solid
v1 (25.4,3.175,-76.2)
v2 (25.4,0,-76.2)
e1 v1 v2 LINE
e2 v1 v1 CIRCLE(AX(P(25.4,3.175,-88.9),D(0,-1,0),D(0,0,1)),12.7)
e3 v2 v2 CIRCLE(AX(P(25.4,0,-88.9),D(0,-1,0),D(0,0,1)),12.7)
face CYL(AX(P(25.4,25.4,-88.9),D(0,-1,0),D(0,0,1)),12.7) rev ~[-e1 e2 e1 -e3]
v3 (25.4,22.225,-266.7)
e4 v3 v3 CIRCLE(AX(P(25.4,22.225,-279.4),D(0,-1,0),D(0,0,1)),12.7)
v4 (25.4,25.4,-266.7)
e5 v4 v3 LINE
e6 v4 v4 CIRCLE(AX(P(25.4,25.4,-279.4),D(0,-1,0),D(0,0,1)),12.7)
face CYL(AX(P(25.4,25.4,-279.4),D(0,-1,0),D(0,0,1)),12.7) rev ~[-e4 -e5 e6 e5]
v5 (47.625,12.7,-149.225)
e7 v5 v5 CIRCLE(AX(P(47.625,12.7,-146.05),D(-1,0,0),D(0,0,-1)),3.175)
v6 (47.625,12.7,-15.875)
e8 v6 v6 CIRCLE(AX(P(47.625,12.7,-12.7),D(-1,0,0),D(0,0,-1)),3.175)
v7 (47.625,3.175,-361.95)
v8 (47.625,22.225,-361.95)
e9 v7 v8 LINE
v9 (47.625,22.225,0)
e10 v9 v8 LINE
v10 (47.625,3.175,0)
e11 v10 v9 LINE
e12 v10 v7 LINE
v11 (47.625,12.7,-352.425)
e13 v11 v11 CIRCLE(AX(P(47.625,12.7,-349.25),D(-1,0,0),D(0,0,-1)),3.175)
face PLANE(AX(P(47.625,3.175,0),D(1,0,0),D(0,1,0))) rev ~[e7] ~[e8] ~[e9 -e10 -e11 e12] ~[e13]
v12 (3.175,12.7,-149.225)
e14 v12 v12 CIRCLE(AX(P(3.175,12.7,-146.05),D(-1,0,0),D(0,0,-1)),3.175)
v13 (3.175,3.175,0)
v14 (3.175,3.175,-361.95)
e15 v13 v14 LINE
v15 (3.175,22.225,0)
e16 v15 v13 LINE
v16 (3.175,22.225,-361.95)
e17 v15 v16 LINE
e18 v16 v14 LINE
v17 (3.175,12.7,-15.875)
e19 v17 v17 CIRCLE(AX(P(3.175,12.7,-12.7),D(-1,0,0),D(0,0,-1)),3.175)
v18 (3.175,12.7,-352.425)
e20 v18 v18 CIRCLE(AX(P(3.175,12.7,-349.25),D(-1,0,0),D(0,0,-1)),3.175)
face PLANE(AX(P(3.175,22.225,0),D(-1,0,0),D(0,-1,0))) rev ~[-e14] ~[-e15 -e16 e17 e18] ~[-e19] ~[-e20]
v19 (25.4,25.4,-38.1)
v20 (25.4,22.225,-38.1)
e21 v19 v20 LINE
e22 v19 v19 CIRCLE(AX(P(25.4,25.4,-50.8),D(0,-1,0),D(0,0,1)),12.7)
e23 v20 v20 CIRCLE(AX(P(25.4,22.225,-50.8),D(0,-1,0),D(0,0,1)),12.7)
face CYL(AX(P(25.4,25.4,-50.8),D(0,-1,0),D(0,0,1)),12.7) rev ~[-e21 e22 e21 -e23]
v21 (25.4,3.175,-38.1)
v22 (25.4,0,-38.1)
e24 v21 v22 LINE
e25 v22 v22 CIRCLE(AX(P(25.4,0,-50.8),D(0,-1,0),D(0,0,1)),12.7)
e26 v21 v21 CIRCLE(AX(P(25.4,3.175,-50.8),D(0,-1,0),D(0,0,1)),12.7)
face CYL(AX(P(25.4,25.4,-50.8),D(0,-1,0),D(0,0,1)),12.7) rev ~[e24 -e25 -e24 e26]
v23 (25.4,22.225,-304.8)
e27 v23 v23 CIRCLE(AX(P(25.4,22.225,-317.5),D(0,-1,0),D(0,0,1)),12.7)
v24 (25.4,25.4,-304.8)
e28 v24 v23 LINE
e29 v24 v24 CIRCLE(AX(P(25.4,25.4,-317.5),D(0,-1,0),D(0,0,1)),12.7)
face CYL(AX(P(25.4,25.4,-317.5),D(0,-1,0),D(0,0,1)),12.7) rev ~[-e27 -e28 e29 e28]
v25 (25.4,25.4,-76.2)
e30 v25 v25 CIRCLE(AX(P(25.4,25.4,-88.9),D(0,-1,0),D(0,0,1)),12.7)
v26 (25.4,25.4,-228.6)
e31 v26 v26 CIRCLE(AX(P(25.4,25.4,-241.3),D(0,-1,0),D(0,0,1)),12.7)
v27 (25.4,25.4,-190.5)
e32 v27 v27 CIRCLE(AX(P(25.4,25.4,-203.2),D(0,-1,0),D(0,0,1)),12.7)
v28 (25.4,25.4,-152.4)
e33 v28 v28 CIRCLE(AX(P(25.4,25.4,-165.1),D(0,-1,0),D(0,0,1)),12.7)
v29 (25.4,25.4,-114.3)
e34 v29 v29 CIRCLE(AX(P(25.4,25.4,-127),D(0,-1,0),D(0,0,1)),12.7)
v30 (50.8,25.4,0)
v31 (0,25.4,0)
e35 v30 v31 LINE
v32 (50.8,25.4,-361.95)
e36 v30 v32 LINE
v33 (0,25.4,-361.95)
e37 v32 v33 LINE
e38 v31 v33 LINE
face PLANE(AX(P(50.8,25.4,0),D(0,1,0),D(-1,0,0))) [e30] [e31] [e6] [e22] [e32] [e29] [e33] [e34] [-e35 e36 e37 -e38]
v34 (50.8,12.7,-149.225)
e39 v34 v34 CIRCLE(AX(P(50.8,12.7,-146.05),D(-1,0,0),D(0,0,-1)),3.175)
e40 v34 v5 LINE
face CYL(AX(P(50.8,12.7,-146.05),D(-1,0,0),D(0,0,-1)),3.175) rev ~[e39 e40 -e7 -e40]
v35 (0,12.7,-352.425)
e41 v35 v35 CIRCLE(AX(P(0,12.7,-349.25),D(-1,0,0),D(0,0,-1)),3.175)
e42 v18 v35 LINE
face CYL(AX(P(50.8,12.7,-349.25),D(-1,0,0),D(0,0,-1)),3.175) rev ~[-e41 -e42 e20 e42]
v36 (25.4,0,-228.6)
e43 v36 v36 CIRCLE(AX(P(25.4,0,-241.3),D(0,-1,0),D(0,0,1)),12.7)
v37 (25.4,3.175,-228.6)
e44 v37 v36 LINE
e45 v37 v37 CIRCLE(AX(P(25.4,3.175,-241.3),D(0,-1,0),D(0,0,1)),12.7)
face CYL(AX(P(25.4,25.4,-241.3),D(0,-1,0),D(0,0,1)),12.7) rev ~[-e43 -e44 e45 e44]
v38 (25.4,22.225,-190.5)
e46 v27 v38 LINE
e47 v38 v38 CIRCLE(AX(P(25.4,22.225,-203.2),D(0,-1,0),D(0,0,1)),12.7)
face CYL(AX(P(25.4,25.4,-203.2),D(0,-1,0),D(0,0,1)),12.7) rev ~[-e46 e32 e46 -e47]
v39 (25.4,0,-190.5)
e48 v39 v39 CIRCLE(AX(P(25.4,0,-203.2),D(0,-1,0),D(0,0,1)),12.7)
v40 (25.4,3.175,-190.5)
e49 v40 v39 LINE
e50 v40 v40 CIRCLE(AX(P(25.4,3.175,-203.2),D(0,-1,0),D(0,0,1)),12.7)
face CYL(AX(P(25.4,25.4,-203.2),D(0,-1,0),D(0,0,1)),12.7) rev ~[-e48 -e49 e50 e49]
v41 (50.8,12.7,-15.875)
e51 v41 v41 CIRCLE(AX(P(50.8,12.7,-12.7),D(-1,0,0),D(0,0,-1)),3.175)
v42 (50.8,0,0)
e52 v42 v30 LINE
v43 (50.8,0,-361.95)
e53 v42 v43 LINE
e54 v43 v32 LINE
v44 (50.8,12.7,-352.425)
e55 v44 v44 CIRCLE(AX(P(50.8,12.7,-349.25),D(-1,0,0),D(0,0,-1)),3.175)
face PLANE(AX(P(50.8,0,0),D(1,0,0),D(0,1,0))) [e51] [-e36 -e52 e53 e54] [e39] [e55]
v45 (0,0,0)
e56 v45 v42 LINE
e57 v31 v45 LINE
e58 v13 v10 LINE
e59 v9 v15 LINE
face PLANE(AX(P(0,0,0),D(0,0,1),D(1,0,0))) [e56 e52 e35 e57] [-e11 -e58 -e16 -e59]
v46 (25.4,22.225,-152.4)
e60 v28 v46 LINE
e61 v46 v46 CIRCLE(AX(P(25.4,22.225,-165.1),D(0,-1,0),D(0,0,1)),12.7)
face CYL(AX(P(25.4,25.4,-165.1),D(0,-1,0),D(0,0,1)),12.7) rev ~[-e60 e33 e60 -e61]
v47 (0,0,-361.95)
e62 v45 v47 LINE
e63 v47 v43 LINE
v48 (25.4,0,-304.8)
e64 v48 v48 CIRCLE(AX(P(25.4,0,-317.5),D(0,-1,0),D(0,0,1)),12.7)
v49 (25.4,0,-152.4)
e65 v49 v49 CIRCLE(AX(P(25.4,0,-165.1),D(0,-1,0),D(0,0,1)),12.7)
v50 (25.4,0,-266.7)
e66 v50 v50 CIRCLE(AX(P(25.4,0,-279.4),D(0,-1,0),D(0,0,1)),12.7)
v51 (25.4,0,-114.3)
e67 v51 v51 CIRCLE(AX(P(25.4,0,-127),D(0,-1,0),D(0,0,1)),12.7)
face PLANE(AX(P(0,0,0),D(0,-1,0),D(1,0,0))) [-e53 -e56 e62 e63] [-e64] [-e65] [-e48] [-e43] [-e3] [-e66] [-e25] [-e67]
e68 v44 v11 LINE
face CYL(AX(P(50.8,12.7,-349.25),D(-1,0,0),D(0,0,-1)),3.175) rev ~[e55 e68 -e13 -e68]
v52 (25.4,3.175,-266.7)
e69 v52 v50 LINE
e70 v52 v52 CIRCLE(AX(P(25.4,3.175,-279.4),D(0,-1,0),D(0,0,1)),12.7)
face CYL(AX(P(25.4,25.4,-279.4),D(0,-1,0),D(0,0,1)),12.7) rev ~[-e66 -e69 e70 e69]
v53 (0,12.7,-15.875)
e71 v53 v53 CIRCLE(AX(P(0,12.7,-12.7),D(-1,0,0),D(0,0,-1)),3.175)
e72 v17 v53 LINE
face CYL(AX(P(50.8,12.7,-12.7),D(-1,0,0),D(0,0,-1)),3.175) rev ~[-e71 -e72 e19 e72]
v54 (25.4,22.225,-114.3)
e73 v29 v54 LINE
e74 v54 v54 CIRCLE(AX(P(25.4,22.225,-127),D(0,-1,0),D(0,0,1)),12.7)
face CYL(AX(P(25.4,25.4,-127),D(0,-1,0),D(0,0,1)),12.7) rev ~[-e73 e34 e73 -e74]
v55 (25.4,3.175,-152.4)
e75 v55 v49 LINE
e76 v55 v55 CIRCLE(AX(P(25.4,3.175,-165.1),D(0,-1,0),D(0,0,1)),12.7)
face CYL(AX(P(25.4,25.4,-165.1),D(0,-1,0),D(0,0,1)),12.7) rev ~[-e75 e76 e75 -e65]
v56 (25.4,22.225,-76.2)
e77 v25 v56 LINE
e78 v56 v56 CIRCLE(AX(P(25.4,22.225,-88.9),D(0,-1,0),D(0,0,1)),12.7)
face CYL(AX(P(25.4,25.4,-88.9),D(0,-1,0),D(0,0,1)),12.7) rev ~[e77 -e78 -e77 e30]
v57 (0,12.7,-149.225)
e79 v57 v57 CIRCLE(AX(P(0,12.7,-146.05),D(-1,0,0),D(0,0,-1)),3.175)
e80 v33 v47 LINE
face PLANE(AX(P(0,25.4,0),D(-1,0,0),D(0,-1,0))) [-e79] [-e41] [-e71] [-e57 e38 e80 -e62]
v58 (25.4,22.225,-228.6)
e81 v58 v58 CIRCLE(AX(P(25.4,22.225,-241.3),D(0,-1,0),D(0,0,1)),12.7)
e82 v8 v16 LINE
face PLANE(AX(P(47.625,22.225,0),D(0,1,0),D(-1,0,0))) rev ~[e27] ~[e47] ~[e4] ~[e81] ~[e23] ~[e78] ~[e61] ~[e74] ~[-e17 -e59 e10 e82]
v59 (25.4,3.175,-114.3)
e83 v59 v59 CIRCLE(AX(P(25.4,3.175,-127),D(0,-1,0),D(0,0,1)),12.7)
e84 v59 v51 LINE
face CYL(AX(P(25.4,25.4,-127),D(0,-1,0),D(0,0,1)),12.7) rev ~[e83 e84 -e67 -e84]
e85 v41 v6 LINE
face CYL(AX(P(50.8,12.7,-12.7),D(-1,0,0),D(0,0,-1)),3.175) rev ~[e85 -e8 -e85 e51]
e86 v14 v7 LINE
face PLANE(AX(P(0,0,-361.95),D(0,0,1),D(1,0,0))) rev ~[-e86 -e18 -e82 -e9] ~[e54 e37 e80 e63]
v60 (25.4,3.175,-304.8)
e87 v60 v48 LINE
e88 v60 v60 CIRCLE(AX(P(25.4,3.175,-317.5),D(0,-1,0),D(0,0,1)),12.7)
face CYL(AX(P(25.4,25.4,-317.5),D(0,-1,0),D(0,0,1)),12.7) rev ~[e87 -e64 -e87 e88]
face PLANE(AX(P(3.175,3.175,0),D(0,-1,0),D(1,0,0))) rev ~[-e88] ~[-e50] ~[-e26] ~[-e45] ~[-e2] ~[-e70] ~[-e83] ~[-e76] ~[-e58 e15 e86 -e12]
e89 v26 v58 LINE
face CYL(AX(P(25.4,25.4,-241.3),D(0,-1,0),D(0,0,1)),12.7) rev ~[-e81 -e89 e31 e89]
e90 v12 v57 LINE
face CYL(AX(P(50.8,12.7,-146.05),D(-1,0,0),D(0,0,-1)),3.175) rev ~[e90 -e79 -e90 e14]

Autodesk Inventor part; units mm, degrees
ref_plane "YZ Plane" through (0, 0, 0) normal (1, 0, 0) x (0, 1, 0)
ref_plane "XZ Plane" through (0, 0, 0) normal (0, 1, 0) x (-1, 0, 0)
ref_plane "XY Plane" through (0, 0, 0) normal (0, 0, 1) x (1, 0, 0)
sketch "Sketch1" plane through (0, 0, 0) normal (0, 0, 1) x (1, 0, 0)
  line L0 (0, 0) -> (50.8, 0)
  line L1 (50.8, 0) -> (50.8, 25.4)
  line L2 (50.8, 25.4) -> (0, 25.4)
  line L3 (0, 25.4) -> (0, 0)
  line L4 (3.175, 3.175) -> (47.625, 3.175)
  line L5 (47.625, 3.175) -> (47.625, 22.225)
  line L6 (47.625, 22.225) -> (3.175, 22.225)
  line L7 (3.175, 22.225) -> (3.175, 3.175)
  dimension "d0" = 50.8
  dimension "d1" = 25.4
  dimension "d2" = 44.45
  dimension "d3" = 19.05
  dimension "d4" = 3.175
  dimension "d5" = 3.175
extrude "Extrusion1" add sketch "Sketch1" against normal blind 361.95
sketch "Sketch2" plane through (50.8, 0, 0) normal (1, 0, 0) x (0, 0, -1)
  line L0 (0, 0) -> (0, 25.4) projected
  line L1 (0, 0) -> (361.95, 0) projected
  line L2 (361.95, 25.4) -> (361.95, 0) projected
  line L3 (0, 25.4) -> (361.95, 25.4) projected
  point P0 (146.05, 12.7)
  point P1 (349.25, 12.7)
  dimension "d8" = 12.7
  dimension "d9" = 12.7
  dimension "d10" = 215.9
  dimension "d11" = 12.7
hole "Hole1" at (50.8, 12.7, -146.05) at (50.8, 12.7, -349.25) direction (-1, 0, 0) diameter 6.35 end through all
sketch "Sketch3" plane through (50.8, 0, 0) normal (1, 0, 0) x (0, 0, -1)
  circle A0 centre (146.05, 12.7) radius 3.175 projected
  circle A1 centre (349.25, 12.7) radius 3.175 projected
  line L0 (0, 0) -> (0, 25.4) projected
  line L1 (0, 0) -> (361.95, 0) projected
  line L2 (361.95, 25.4) -> (361.95, 0) projected
  line L3 (0, 25.4) -> (361.95, 25.4) projected
  point P0 (12.7, 12.7)
  dimension "d19" = 12.7
  dimension "d20" = 12.7
hole "Hole2" at (50.8, 12.7, -12.7) direction (-1, 0, 0) diameter 6.35 end through all
sketch "Sketch4" plane through (0, 25.4, 0) normal (0, 1, 0) x (1, 0, 0)
  line L0 (50.8, 0) -> (0, 0) projected
  line L1 (50.8, 0) -> (50.8, 361.95) projected
  line L2 (0, 361.95) -> (50.8, 361.95) projected
  line L3 (0, 0) -> (0, 361.95) projected
  point P0 (25.4, 50.8)
  dimension "d28" = 25.4
  dimension "d29" = 50.8
hole "Hole3" at (25.4, 25.4, -50.8) direction (0, -1, 0) diameter 25.4 end through all
pattern_linear "Rectangular Pattern1" count 8 spacing 38.1 along (0, 0, -1) of "Hole3"
properties part number "2x1 mounting" material "Aluminum 6061"
